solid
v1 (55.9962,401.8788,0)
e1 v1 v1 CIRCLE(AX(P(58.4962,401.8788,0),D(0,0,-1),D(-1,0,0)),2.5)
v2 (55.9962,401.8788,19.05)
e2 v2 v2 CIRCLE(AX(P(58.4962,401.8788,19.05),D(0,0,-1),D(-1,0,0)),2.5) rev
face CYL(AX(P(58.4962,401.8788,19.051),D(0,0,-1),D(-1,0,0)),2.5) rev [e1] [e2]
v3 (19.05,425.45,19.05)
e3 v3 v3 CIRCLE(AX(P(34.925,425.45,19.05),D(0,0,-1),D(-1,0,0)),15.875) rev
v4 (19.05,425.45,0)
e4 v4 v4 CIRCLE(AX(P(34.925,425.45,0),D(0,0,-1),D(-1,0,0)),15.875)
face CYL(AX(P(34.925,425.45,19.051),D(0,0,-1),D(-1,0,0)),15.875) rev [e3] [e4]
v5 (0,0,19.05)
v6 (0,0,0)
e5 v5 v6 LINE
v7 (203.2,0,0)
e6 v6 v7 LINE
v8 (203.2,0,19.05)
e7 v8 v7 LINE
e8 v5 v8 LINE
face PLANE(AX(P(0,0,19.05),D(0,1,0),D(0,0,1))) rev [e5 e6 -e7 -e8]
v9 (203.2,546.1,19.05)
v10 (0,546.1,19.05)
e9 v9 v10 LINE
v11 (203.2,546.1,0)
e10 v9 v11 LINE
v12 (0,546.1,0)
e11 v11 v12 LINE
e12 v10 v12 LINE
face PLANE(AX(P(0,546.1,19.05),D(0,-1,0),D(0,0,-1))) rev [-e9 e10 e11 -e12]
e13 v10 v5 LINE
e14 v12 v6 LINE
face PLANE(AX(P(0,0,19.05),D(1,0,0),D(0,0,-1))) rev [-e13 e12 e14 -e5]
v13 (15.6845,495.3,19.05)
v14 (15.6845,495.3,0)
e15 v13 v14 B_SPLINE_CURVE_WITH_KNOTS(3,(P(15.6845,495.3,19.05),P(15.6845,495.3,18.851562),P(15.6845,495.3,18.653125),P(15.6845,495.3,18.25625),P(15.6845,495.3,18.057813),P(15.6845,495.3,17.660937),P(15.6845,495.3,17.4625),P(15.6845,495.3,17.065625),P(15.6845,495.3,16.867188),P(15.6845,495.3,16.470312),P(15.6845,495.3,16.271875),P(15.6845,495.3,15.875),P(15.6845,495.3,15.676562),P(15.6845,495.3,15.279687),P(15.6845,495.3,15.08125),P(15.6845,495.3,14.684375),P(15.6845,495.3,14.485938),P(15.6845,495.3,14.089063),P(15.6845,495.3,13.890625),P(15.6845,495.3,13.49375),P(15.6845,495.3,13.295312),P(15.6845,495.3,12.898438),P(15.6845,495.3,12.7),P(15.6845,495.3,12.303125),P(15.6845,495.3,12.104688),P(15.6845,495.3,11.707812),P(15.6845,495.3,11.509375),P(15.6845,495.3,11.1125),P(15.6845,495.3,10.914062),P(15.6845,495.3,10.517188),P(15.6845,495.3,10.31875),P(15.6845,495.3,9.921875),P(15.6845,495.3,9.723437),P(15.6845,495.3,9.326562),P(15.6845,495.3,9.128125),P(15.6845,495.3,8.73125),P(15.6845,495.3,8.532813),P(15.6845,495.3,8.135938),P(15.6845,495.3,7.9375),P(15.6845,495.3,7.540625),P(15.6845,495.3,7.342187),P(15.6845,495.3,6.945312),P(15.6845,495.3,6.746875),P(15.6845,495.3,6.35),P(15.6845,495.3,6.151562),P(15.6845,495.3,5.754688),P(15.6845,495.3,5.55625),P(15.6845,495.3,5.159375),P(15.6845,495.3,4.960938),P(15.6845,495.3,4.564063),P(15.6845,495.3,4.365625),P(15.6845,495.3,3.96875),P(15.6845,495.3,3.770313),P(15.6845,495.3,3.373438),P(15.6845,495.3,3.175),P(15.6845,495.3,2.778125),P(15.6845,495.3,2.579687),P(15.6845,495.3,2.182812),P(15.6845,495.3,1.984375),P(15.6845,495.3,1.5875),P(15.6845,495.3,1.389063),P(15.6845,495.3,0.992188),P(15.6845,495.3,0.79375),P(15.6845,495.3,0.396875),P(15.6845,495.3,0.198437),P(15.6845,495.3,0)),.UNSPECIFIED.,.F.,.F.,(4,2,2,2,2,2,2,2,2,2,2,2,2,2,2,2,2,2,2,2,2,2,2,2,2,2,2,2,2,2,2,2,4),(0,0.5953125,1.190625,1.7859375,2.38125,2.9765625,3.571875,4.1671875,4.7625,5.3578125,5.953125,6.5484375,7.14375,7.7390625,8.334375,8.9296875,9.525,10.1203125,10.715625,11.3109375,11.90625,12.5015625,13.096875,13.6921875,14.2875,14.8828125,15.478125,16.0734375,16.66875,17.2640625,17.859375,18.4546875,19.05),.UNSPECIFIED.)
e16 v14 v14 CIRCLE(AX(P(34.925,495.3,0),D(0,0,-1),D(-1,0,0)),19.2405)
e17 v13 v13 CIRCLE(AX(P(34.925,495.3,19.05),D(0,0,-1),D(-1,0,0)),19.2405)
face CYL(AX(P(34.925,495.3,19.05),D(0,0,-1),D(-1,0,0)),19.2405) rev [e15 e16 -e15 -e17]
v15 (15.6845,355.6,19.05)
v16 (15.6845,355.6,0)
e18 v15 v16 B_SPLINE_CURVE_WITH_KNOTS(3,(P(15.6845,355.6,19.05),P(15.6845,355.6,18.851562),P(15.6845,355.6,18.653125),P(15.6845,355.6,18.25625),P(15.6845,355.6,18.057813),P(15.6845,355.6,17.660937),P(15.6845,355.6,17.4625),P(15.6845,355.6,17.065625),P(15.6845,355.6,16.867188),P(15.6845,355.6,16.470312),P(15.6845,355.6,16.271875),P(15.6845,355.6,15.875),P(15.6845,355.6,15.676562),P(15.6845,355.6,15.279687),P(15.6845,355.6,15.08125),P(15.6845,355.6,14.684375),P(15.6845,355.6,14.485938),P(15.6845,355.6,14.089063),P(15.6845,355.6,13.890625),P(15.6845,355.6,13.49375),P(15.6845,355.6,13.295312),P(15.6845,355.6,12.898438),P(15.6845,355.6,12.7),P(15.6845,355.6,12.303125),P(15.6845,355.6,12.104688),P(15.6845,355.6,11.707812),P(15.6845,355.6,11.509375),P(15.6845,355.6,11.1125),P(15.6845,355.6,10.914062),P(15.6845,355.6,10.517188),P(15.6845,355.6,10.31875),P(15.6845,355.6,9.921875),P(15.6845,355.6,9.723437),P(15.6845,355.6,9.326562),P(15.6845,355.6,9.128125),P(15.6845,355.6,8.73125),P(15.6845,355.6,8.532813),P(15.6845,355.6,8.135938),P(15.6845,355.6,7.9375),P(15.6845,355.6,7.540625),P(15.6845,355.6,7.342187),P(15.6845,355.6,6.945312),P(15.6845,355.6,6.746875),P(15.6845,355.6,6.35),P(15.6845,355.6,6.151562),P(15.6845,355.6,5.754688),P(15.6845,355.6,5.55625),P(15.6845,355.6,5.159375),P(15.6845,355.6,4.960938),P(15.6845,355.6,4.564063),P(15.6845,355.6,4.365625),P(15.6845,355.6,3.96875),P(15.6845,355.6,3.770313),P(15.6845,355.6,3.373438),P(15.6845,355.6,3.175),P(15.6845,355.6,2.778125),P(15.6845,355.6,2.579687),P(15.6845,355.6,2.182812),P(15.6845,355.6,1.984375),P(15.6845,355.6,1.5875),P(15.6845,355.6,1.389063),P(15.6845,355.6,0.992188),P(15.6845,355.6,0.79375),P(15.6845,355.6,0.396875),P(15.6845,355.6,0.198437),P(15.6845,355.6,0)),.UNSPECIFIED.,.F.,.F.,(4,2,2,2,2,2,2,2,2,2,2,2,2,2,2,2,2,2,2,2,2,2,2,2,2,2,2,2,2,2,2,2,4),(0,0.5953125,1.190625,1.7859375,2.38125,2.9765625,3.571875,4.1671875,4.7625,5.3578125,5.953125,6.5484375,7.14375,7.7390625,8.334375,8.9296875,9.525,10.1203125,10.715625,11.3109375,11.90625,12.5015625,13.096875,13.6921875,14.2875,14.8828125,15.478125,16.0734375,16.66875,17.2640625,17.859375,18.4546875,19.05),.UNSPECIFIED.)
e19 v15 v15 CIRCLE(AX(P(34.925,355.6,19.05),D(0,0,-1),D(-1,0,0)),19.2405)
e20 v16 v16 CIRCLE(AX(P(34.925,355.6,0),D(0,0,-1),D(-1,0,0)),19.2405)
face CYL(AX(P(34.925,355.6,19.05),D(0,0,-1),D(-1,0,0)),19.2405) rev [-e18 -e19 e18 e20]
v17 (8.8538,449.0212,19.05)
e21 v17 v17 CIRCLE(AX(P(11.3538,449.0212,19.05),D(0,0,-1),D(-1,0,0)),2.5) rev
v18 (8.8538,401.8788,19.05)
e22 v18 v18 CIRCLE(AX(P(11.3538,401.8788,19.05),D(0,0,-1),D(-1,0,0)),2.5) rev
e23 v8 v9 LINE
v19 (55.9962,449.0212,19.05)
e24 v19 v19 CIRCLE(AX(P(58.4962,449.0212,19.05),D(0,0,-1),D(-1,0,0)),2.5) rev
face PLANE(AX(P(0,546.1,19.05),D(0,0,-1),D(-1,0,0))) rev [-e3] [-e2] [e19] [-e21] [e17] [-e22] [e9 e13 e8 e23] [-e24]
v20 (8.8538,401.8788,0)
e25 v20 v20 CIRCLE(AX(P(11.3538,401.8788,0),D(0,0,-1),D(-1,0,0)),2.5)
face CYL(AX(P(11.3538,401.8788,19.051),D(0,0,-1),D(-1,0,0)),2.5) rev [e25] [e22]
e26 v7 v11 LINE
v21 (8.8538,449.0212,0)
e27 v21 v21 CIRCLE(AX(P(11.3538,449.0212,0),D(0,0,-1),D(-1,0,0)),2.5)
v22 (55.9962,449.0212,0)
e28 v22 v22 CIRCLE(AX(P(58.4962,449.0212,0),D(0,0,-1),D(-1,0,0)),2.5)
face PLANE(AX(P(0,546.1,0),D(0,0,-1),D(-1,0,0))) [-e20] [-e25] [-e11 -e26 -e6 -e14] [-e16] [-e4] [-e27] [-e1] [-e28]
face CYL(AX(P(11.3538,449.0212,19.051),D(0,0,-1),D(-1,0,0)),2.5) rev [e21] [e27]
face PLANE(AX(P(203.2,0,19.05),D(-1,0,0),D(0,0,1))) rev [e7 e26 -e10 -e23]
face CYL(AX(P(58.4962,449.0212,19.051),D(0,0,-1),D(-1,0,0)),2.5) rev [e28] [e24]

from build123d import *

# Parameters (mm, degrees)
SKETCH1_W               = 203.2
SKETCH1_H               = 546.1
BOSS_EXTRUDE1_DEPTH     = 19.05
SKETCH2_R               = 19.2405
CUT_EXTRUDE1_DEPTH      = 583.990868282
ENL_V_MAT_EXTRU_1_REACH = 584.991
ESQUISSE1_R             = 15.875
ESQUISSE1_R_2           = 2.5


with BuildPart() as part:
    # Sketch1 → Boss-Extrude1 (new body)
    with BuildSketch(Plane.XY):
        with Locations((101.6, 273.05)):
            Rectangle(SKETCH1_W, SKETCH1_H)
    extrude(amount=BOSS_EXTRUDE1_DEPTH)

    # Sketch2 → Cut-Extrude1 (cut, through all)
    with BuildSketch(Plane(origin=(0, 0, 0), x_dir=(-1, 0, 0), z_dir=(0, 0, -1))):
        with Locations((-34.925, 495.3)):
            Circle(SKETCH2_R)
        with Locations((-34.925, 355.6)):
            Circle(SKETCH2_R)
    extrude(amount=-CUT_EXTRUDE1_DEPTH, mode=Mode.SUBTRACT)

    # Esquisse1 → Enlèv. mat.-Extru.1 (cut, up to next)
    with BuildSketch(Plane(origin=(0, 0, 0), x_dir=(-1, 0, 0), z_dir=(0, 0, -1)), mode=Mode.PRIVATE) as enl_v_mat_extru_1_sk1:
        with Locations((-34.925, 425.45)):
            Circle(ESQUISSE1_R)
    enl_v_mat_extru_1_tool1 = extrude(enl_v_mat_extru_1_sk1.sketch, amount=-ENL_V_MAT_EXTRU_1_REACH, mode=Mode.PRIVATE) & part.part
    # Esquisse1 → Enlèv. mat.-Extru.1 (cut, up to next)
    with BuildSketch(Plane(origin=(0, 0, 0), x_dir=(-1, 0, 0), z_dir=(0, 0, -1)), mode=Mode.PRIVATE) as enl_v_mat_extru_1_sk2:
        with Locations((-58.4962, 449.0212)):
            Circle(ESQUISSE1_R_2)
    enl_v_mat_extru_1_tool2 = extrude(enl_v_mat_extru_1_sk2.sketch, amount=-ENL_V_MAT_EXTRU_1_REACH, mode=Mode.PRIVATE) & part.part
    # Esquisse1 → Enlèv. mat.-Extru.1 (cut, up to next)
    with BuildSketch(Plane(origin=(0, 0, 0), x_dir=(-1, 0, 0), z_dir=(0, 0, -1)), mode=Mode.PRIVATE) as enl_v_mat_extru_1_sk3:
        with Locations((-11.3538, 449.0212)):
            Circle(ESQUISSE1_R_2)
    enl_v_mat_extru_1_tool3 = extrude(enl_v_mat_extru_1_sk3.sketch, amount=-ENL_V_MAT_EXTRU_1_REACH, mode=Mode.PRIVATE) & part.part
    # Esquisse1 → Enlèv. mat.-Extru.1 (cut, up to next)
    with BuildSketch(Plane(origin=(0, 0, 0), x_dir=(-1, 0, 0), z_dir=(0, 0, -1)), mode=Mode.PRIVATE) as enl_v_mat_extru_1_sk4:
        with Locations((-11.3538, 401.8788)):
            Circle(ESQUISSE1_R_2)
    enl_v_mat_extru_1_tool4 = extrude(enl_v_mat_extru_1_sk4.sketch, amount=-ENL_V_MAT_EXTRU_1_REACH, mode=Mode.PRIVATE) & part.part
    # Esquisse1 → Enlèv. mat.-Extru.1 (cut, up to next)
    with BuildSketch(Plane(origin=(0, 0, 0), x_dir=(-1, 0, 0), z_dir=(0, 0, -1)), mode=Mode.PRIVATE) as enl_v_mat_extru_1_sk5:
        with Locations((-58.4962, 401.8788)):
            Circle(ESQUISSE1_R_2)
    enl_v_mat_extru_1_tool5 = extrude(enl_v_mat_extru_1_sk5.sketch, amount=-ENL_V_MAT_EXTRU_1_REACH, mode=Mode.PRIVATE) & part.part
    add(enl_v_mat_extru_1_tool1.solids().sort_by_distance((34.925, 425.45, 0))[0], mode=Mode.SUBTRACT)
    add(enl_v_mat_extru_1_tool2.solids().sort_by_distance((58.4962, 449.0212, 0))[0], mode=Mode.SUBTRACT)
    add(enl_v_mat_extru_1_tool3.solids().sort_by_distance((11.3538, 449.0212, 0))[0], mode=Mode.SUBTRACT)
    add(enl_v_mat_extru_1_tool4.solids().sort_by_distance((11.3538, 401.8788, 0))[0], mode=Mode.SUBTRACT)
    add(enl_v_mat_extru_1_tool5.solids().sort_by_distance((58.4962, 401.8788, 0))[0], mode=Mode.SUBTRACT)


solid = part.part
